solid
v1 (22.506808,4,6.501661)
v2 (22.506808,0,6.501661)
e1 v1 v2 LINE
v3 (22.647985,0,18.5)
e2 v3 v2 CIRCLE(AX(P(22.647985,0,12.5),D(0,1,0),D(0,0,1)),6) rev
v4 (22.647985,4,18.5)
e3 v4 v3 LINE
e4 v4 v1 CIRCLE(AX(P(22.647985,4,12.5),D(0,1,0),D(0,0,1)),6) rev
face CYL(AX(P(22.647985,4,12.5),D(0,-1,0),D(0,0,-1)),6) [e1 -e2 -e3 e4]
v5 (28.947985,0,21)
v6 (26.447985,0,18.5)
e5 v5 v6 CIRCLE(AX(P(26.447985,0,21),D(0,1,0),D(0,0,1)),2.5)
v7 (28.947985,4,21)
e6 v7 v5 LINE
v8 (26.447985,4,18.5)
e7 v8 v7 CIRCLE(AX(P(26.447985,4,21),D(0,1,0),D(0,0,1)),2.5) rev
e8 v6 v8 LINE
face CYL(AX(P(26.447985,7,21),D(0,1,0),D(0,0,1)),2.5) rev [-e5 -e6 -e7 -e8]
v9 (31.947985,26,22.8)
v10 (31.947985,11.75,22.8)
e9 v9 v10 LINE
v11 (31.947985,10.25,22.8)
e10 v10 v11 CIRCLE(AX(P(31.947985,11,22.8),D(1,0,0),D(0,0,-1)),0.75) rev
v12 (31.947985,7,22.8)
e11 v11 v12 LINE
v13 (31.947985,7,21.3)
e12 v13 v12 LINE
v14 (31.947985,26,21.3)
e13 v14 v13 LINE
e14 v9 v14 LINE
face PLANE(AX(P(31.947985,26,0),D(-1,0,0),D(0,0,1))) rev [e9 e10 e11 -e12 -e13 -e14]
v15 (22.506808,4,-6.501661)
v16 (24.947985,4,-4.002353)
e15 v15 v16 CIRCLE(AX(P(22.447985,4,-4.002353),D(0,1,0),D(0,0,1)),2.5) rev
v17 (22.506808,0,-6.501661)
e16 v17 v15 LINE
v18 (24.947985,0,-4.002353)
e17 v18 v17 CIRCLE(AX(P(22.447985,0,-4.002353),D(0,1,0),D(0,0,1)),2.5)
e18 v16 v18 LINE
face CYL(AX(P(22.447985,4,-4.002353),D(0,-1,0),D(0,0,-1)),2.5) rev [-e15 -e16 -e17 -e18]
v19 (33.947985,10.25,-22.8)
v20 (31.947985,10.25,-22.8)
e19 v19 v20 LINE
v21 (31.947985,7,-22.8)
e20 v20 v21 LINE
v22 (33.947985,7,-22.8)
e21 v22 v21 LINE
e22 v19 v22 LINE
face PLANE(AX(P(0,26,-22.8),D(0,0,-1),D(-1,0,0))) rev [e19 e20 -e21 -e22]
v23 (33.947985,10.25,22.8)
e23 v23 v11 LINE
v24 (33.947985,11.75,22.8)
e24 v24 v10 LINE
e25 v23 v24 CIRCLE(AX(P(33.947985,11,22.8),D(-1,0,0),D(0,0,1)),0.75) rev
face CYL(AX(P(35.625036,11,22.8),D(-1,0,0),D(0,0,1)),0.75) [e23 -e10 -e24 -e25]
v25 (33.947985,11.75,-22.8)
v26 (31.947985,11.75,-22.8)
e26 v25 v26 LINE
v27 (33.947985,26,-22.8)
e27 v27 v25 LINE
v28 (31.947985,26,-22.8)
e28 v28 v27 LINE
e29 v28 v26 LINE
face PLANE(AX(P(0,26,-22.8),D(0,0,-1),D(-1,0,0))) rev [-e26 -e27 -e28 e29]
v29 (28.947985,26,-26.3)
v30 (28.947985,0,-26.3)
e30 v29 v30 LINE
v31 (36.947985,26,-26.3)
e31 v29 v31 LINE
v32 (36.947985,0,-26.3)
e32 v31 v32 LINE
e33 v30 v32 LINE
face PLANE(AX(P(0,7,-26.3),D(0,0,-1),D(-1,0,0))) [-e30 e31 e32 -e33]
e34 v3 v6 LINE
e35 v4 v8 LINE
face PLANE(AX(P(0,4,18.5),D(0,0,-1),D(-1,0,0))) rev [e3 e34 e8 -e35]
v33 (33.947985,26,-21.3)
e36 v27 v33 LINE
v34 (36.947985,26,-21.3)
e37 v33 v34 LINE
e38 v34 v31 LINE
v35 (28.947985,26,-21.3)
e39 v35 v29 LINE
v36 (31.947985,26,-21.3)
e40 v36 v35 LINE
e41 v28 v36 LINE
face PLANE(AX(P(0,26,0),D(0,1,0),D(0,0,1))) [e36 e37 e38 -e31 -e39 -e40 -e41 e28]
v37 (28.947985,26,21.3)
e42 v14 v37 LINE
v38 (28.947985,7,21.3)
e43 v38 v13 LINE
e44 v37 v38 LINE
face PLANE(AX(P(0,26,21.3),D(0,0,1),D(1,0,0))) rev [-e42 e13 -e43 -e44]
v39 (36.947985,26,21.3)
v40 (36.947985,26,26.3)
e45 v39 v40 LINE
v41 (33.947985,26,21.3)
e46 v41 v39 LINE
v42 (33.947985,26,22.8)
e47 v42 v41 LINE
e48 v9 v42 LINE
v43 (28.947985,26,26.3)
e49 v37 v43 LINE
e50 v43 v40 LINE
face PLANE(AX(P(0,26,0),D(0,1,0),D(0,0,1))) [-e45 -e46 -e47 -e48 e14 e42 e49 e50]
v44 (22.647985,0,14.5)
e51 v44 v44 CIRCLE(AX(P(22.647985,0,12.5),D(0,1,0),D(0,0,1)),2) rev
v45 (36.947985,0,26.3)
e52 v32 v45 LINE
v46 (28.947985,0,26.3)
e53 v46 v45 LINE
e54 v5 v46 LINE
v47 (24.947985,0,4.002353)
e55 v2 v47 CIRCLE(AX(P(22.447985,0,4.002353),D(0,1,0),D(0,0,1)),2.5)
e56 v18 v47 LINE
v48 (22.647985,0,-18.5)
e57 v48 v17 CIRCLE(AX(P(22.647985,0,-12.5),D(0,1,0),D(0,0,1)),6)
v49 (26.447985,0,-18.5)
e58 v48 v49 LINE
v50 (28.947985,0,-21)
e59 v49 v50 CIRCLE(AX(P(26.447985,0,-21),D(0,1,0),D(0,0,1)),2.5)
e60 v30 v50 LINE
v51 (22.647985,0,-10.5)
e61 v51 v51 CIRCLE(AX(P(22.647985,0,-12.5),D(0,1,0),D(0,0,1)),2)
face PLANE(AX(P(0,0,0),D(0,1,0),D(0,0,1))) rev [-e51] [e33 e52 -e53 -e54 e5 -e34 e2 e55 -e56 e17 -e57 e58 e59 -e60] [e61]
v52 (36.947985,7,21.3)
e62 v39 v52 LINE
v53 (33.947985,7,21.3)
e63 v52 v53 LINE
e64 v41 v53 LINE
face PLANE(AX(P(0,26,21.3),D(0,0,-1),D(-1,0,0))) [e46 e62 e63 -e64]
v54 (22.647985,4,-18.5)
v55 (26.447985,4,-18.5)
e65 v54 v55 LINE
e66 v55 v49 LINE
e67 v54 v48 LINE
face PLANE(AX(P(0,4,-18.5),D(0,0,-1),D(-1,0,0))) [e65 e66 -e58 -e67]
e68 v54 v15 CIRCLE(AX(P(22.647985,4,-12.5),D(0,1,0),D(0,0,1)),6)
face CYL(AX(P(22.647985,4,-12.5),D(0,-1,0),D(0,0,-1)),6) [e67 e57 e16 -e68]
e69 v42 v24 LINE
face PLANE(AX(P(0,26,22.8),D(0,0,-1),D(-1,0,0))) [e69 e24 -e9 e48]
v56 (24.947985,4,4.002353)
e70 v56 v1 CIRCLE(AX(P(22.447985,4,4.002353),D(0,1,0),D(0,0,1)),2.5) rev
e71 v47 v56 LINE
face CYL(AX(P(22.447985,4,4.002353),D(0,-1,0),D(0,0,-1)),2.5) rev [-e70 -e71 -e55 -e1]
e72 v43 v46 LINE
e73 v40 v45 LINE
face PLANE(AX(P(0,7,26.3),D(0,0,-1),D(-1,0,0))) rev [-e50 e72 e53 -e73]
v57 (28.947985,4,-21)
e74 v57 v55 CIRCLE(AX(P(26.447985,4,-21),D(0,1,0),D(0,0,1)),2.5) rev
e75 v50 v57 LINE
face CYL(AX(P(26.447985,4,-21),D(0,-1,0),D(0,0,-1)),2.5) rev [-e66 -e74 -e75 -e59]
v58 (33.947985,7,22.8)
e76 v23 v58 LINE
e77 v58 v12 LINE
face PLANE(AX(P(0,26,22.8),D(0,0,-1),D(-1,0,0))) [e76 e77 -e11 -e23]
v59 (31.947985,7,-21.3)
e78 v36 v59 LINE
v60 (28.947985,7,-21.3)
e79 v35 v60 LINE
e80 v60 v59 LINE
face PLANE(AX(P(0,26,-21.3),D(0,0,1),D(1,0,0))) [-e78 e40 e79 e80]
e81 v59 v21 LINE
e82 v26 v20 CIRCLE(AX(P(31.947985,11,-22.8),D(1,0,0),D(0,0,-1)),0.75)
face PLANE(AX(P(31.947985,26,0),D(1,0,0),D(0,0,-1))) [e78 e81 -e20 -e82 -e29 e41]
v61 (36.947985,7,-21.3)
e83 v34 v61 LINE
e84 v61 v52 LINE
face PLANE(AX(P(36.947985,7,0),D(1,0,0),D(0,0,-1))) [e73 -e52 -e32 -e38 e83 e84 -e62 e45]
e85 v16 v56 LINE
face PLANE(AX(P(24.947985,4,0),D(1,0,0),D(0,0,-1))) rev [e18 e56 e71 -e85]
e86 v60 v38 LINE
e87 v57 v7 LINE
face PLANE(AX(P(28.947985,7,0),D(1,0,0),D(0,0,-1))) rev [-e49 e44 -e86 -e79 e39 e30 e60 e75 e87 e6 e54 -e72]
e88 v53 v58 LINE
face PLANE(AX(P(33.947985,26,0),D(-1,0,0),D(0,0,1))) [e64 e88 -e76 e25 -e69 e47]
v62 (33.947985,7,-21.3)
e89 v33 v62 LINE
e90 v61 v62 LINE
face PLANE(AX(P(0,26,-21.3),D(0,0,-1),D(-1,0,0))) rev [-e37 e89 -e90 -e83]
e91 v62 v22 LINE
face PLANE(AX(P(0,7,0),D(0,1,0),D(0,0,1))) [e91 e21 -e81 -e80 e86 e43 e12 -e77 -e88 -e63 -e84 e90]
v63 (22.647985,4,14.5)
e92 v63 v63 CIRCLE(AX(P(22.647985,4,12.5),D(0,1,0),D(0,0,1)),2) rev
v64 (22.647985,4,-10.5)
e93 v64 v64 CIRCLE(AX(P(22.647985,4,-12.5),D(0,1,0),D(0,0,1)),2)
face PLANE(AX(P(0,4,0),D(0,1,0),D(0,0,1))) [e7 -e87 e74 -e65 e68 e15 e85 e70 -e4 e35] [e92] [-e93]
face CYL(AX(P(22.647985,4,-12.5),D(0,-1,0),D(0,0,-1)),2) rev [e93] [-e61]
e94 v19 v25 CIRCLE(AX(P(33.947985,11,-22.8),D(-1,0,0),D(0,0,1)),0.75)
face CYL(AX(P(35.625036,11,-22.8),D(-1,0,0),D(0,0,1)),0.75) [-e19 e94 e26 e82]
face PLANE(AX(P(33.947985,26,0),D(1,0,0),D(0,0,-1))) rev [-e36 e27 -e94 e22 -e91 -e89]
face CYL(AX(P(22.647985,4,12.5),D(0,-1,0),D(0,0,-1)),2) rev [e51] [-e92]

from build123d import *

# Parameters (mm, degrees)
SKETCH1_R           = 2
BOSS_EXTRUDE1_DEPTH = 4
SKETCH1_3_W         = 8
SKETCH1_3_H         = 18.5
SKETCH1_3_H_2       = 7.8
BOSS_EXTRUDE2_DEPTH = 7
BOSS_EXTRUDE3_DEPTH = 22
BOSS_EXTRUDE4_DEPTH = 2
FILLET1_R           = 2.5


with BuildPart() as part:
    # Sketch1 → Boss-Extrude1 (new body)
    with BuildSketch(Plane(origin=(0, 0, 0), x_dir=(1, 0, 0), z_dir=(0, 1, 0))):
        with BuildLine():
            Line((28.947984737, 18.5), (22.647984737, 18.5))
            ThreePointArc((22.647984737, 18.5), (16.647984737, 12.5), (22.647984737, 6.5))
            Line((22.647984737, 6.5), (24.947984737, 6.5))
            Line((24.947984737, 6.5), (24.947984737, -6.5))
            Line((24.947984737, -6.5), (22.647984737, -6.5))
            ThreePointArc((22.647984737, -6.5), (16.647984737, -12.5), (22.647984737, -18.5))
            Line((22.647984737, -18.5), (28.947984737, -18.5))
            Line((28.947984737, -18.5), (28.947984737, 18.5))
        make_face()
        with Locations((22.647984737, 12.5)):
            Circle(SKETCH1_R, mode=Mode.SUBTRACT)
        with Locations((22.647984737, -12.5)):
            Circle(SKETCH1_R, mode=Mode.SUBTRACT)
    extrude(amount=BOSS_EXTRUDE1_DEPTH)

    # Sketch1<3> → Boss-Extrude2 (add)
    with BuildSketch(Plane(origin=(0, 0, 0), x_dir=(1, 0, 0), z_dir=(0, 1, 0))):
        with Locations((32.947984737, 9.25)):
            Rectangle(SKETCH1_3_W, SKETCH1_3_H)
        with Locations((32.947984737, -9.25)):
            Rectangle(SKETCH1_3_W, SKETCH1_3_H)
        with Locations((32.947984737, 22.4)):
            Rectangle(SKETCH1_3_W, SKETCH1_3_H_2)
        with Locations((32.947984737, -22.4)):
            Rectangle(SKETCH1_3_W, SKETCH1_3_H_2)
    extrude(amount=BOSS_EXTRUDE2_DEPTH)

    # Sketch5 → Boss-Extrude3 (add)
    with BuildSketch(Plane(origin=(0, 4, 0), x_dir=(1, 0, 0), z_dir=(0, 1, 0))):
        Polygon((31.947984737, 21.3), (31.947984737, 22.8), (32.947984737, 22.8), (32.947984737, 26.3), (28.947984737, 26.3), (28.947984737, 21.3), align=None)
        Polygon((32.947984737, 26.3), (32.947984737, 22.8), (33.947984737, 22.8), (33.947984737, 21.3), (36.947984737, 21.3), (36.947984737, 26.3), align=None)
        Polygon((36.947984737, -26.3), (36.947984737, -21.3), (33.947984737, -21.3), (33.947984737, -22.8), (32.947984737, -22.8), (32.947984737, -26.3), align=None)
        Polygon((28.947984737, -26.3), (32.947984737, -26.3), (32.947984737, -22.8), (31.947984737, -22.8), (31.947984737, -21.3), (28.947984737, -21.3), align=None)
    extrude(amount=BOSS_EXTRUDE3_DEPTH)

    # Sketch6 → Boss-Extrude4 (add)
    with BuildSketch(Plane(origin=(31.947984737, 0, 0), x_dir=(0, 0, -1), z_dir=(1, 0, 0))):
        with BuildLine():
            Line((22.8, 10.25), (22.8, 11.75))
            ThreePointArc((22.8, 11.75), (22.05, 11), (22.8, 10.25))
        make_face()
        with BuildLine():
            ThreePointArc((-22.8, 11.75), (-22.05, 11), (-22.8, 10.25))
            Line((-22.8, 10.25), (-22.8, 11.75))
        make_face()
    extrude(amount=BOSS_EXTRUDE4_DEPTH)

    # Fillet1
    fillet1_edges = [part.edges().sort_by_distance(p)[0] for p in [
        (28.947984737, 2, 18.5),
        (24.947984737, 2, 6.5),
        (24.947984737, 2, -6.5),
        (28.947984737, 2, -18.5),
    ]]
    fillet(fillet1_edges, radius=FILLET1_R)


solid = part.part
